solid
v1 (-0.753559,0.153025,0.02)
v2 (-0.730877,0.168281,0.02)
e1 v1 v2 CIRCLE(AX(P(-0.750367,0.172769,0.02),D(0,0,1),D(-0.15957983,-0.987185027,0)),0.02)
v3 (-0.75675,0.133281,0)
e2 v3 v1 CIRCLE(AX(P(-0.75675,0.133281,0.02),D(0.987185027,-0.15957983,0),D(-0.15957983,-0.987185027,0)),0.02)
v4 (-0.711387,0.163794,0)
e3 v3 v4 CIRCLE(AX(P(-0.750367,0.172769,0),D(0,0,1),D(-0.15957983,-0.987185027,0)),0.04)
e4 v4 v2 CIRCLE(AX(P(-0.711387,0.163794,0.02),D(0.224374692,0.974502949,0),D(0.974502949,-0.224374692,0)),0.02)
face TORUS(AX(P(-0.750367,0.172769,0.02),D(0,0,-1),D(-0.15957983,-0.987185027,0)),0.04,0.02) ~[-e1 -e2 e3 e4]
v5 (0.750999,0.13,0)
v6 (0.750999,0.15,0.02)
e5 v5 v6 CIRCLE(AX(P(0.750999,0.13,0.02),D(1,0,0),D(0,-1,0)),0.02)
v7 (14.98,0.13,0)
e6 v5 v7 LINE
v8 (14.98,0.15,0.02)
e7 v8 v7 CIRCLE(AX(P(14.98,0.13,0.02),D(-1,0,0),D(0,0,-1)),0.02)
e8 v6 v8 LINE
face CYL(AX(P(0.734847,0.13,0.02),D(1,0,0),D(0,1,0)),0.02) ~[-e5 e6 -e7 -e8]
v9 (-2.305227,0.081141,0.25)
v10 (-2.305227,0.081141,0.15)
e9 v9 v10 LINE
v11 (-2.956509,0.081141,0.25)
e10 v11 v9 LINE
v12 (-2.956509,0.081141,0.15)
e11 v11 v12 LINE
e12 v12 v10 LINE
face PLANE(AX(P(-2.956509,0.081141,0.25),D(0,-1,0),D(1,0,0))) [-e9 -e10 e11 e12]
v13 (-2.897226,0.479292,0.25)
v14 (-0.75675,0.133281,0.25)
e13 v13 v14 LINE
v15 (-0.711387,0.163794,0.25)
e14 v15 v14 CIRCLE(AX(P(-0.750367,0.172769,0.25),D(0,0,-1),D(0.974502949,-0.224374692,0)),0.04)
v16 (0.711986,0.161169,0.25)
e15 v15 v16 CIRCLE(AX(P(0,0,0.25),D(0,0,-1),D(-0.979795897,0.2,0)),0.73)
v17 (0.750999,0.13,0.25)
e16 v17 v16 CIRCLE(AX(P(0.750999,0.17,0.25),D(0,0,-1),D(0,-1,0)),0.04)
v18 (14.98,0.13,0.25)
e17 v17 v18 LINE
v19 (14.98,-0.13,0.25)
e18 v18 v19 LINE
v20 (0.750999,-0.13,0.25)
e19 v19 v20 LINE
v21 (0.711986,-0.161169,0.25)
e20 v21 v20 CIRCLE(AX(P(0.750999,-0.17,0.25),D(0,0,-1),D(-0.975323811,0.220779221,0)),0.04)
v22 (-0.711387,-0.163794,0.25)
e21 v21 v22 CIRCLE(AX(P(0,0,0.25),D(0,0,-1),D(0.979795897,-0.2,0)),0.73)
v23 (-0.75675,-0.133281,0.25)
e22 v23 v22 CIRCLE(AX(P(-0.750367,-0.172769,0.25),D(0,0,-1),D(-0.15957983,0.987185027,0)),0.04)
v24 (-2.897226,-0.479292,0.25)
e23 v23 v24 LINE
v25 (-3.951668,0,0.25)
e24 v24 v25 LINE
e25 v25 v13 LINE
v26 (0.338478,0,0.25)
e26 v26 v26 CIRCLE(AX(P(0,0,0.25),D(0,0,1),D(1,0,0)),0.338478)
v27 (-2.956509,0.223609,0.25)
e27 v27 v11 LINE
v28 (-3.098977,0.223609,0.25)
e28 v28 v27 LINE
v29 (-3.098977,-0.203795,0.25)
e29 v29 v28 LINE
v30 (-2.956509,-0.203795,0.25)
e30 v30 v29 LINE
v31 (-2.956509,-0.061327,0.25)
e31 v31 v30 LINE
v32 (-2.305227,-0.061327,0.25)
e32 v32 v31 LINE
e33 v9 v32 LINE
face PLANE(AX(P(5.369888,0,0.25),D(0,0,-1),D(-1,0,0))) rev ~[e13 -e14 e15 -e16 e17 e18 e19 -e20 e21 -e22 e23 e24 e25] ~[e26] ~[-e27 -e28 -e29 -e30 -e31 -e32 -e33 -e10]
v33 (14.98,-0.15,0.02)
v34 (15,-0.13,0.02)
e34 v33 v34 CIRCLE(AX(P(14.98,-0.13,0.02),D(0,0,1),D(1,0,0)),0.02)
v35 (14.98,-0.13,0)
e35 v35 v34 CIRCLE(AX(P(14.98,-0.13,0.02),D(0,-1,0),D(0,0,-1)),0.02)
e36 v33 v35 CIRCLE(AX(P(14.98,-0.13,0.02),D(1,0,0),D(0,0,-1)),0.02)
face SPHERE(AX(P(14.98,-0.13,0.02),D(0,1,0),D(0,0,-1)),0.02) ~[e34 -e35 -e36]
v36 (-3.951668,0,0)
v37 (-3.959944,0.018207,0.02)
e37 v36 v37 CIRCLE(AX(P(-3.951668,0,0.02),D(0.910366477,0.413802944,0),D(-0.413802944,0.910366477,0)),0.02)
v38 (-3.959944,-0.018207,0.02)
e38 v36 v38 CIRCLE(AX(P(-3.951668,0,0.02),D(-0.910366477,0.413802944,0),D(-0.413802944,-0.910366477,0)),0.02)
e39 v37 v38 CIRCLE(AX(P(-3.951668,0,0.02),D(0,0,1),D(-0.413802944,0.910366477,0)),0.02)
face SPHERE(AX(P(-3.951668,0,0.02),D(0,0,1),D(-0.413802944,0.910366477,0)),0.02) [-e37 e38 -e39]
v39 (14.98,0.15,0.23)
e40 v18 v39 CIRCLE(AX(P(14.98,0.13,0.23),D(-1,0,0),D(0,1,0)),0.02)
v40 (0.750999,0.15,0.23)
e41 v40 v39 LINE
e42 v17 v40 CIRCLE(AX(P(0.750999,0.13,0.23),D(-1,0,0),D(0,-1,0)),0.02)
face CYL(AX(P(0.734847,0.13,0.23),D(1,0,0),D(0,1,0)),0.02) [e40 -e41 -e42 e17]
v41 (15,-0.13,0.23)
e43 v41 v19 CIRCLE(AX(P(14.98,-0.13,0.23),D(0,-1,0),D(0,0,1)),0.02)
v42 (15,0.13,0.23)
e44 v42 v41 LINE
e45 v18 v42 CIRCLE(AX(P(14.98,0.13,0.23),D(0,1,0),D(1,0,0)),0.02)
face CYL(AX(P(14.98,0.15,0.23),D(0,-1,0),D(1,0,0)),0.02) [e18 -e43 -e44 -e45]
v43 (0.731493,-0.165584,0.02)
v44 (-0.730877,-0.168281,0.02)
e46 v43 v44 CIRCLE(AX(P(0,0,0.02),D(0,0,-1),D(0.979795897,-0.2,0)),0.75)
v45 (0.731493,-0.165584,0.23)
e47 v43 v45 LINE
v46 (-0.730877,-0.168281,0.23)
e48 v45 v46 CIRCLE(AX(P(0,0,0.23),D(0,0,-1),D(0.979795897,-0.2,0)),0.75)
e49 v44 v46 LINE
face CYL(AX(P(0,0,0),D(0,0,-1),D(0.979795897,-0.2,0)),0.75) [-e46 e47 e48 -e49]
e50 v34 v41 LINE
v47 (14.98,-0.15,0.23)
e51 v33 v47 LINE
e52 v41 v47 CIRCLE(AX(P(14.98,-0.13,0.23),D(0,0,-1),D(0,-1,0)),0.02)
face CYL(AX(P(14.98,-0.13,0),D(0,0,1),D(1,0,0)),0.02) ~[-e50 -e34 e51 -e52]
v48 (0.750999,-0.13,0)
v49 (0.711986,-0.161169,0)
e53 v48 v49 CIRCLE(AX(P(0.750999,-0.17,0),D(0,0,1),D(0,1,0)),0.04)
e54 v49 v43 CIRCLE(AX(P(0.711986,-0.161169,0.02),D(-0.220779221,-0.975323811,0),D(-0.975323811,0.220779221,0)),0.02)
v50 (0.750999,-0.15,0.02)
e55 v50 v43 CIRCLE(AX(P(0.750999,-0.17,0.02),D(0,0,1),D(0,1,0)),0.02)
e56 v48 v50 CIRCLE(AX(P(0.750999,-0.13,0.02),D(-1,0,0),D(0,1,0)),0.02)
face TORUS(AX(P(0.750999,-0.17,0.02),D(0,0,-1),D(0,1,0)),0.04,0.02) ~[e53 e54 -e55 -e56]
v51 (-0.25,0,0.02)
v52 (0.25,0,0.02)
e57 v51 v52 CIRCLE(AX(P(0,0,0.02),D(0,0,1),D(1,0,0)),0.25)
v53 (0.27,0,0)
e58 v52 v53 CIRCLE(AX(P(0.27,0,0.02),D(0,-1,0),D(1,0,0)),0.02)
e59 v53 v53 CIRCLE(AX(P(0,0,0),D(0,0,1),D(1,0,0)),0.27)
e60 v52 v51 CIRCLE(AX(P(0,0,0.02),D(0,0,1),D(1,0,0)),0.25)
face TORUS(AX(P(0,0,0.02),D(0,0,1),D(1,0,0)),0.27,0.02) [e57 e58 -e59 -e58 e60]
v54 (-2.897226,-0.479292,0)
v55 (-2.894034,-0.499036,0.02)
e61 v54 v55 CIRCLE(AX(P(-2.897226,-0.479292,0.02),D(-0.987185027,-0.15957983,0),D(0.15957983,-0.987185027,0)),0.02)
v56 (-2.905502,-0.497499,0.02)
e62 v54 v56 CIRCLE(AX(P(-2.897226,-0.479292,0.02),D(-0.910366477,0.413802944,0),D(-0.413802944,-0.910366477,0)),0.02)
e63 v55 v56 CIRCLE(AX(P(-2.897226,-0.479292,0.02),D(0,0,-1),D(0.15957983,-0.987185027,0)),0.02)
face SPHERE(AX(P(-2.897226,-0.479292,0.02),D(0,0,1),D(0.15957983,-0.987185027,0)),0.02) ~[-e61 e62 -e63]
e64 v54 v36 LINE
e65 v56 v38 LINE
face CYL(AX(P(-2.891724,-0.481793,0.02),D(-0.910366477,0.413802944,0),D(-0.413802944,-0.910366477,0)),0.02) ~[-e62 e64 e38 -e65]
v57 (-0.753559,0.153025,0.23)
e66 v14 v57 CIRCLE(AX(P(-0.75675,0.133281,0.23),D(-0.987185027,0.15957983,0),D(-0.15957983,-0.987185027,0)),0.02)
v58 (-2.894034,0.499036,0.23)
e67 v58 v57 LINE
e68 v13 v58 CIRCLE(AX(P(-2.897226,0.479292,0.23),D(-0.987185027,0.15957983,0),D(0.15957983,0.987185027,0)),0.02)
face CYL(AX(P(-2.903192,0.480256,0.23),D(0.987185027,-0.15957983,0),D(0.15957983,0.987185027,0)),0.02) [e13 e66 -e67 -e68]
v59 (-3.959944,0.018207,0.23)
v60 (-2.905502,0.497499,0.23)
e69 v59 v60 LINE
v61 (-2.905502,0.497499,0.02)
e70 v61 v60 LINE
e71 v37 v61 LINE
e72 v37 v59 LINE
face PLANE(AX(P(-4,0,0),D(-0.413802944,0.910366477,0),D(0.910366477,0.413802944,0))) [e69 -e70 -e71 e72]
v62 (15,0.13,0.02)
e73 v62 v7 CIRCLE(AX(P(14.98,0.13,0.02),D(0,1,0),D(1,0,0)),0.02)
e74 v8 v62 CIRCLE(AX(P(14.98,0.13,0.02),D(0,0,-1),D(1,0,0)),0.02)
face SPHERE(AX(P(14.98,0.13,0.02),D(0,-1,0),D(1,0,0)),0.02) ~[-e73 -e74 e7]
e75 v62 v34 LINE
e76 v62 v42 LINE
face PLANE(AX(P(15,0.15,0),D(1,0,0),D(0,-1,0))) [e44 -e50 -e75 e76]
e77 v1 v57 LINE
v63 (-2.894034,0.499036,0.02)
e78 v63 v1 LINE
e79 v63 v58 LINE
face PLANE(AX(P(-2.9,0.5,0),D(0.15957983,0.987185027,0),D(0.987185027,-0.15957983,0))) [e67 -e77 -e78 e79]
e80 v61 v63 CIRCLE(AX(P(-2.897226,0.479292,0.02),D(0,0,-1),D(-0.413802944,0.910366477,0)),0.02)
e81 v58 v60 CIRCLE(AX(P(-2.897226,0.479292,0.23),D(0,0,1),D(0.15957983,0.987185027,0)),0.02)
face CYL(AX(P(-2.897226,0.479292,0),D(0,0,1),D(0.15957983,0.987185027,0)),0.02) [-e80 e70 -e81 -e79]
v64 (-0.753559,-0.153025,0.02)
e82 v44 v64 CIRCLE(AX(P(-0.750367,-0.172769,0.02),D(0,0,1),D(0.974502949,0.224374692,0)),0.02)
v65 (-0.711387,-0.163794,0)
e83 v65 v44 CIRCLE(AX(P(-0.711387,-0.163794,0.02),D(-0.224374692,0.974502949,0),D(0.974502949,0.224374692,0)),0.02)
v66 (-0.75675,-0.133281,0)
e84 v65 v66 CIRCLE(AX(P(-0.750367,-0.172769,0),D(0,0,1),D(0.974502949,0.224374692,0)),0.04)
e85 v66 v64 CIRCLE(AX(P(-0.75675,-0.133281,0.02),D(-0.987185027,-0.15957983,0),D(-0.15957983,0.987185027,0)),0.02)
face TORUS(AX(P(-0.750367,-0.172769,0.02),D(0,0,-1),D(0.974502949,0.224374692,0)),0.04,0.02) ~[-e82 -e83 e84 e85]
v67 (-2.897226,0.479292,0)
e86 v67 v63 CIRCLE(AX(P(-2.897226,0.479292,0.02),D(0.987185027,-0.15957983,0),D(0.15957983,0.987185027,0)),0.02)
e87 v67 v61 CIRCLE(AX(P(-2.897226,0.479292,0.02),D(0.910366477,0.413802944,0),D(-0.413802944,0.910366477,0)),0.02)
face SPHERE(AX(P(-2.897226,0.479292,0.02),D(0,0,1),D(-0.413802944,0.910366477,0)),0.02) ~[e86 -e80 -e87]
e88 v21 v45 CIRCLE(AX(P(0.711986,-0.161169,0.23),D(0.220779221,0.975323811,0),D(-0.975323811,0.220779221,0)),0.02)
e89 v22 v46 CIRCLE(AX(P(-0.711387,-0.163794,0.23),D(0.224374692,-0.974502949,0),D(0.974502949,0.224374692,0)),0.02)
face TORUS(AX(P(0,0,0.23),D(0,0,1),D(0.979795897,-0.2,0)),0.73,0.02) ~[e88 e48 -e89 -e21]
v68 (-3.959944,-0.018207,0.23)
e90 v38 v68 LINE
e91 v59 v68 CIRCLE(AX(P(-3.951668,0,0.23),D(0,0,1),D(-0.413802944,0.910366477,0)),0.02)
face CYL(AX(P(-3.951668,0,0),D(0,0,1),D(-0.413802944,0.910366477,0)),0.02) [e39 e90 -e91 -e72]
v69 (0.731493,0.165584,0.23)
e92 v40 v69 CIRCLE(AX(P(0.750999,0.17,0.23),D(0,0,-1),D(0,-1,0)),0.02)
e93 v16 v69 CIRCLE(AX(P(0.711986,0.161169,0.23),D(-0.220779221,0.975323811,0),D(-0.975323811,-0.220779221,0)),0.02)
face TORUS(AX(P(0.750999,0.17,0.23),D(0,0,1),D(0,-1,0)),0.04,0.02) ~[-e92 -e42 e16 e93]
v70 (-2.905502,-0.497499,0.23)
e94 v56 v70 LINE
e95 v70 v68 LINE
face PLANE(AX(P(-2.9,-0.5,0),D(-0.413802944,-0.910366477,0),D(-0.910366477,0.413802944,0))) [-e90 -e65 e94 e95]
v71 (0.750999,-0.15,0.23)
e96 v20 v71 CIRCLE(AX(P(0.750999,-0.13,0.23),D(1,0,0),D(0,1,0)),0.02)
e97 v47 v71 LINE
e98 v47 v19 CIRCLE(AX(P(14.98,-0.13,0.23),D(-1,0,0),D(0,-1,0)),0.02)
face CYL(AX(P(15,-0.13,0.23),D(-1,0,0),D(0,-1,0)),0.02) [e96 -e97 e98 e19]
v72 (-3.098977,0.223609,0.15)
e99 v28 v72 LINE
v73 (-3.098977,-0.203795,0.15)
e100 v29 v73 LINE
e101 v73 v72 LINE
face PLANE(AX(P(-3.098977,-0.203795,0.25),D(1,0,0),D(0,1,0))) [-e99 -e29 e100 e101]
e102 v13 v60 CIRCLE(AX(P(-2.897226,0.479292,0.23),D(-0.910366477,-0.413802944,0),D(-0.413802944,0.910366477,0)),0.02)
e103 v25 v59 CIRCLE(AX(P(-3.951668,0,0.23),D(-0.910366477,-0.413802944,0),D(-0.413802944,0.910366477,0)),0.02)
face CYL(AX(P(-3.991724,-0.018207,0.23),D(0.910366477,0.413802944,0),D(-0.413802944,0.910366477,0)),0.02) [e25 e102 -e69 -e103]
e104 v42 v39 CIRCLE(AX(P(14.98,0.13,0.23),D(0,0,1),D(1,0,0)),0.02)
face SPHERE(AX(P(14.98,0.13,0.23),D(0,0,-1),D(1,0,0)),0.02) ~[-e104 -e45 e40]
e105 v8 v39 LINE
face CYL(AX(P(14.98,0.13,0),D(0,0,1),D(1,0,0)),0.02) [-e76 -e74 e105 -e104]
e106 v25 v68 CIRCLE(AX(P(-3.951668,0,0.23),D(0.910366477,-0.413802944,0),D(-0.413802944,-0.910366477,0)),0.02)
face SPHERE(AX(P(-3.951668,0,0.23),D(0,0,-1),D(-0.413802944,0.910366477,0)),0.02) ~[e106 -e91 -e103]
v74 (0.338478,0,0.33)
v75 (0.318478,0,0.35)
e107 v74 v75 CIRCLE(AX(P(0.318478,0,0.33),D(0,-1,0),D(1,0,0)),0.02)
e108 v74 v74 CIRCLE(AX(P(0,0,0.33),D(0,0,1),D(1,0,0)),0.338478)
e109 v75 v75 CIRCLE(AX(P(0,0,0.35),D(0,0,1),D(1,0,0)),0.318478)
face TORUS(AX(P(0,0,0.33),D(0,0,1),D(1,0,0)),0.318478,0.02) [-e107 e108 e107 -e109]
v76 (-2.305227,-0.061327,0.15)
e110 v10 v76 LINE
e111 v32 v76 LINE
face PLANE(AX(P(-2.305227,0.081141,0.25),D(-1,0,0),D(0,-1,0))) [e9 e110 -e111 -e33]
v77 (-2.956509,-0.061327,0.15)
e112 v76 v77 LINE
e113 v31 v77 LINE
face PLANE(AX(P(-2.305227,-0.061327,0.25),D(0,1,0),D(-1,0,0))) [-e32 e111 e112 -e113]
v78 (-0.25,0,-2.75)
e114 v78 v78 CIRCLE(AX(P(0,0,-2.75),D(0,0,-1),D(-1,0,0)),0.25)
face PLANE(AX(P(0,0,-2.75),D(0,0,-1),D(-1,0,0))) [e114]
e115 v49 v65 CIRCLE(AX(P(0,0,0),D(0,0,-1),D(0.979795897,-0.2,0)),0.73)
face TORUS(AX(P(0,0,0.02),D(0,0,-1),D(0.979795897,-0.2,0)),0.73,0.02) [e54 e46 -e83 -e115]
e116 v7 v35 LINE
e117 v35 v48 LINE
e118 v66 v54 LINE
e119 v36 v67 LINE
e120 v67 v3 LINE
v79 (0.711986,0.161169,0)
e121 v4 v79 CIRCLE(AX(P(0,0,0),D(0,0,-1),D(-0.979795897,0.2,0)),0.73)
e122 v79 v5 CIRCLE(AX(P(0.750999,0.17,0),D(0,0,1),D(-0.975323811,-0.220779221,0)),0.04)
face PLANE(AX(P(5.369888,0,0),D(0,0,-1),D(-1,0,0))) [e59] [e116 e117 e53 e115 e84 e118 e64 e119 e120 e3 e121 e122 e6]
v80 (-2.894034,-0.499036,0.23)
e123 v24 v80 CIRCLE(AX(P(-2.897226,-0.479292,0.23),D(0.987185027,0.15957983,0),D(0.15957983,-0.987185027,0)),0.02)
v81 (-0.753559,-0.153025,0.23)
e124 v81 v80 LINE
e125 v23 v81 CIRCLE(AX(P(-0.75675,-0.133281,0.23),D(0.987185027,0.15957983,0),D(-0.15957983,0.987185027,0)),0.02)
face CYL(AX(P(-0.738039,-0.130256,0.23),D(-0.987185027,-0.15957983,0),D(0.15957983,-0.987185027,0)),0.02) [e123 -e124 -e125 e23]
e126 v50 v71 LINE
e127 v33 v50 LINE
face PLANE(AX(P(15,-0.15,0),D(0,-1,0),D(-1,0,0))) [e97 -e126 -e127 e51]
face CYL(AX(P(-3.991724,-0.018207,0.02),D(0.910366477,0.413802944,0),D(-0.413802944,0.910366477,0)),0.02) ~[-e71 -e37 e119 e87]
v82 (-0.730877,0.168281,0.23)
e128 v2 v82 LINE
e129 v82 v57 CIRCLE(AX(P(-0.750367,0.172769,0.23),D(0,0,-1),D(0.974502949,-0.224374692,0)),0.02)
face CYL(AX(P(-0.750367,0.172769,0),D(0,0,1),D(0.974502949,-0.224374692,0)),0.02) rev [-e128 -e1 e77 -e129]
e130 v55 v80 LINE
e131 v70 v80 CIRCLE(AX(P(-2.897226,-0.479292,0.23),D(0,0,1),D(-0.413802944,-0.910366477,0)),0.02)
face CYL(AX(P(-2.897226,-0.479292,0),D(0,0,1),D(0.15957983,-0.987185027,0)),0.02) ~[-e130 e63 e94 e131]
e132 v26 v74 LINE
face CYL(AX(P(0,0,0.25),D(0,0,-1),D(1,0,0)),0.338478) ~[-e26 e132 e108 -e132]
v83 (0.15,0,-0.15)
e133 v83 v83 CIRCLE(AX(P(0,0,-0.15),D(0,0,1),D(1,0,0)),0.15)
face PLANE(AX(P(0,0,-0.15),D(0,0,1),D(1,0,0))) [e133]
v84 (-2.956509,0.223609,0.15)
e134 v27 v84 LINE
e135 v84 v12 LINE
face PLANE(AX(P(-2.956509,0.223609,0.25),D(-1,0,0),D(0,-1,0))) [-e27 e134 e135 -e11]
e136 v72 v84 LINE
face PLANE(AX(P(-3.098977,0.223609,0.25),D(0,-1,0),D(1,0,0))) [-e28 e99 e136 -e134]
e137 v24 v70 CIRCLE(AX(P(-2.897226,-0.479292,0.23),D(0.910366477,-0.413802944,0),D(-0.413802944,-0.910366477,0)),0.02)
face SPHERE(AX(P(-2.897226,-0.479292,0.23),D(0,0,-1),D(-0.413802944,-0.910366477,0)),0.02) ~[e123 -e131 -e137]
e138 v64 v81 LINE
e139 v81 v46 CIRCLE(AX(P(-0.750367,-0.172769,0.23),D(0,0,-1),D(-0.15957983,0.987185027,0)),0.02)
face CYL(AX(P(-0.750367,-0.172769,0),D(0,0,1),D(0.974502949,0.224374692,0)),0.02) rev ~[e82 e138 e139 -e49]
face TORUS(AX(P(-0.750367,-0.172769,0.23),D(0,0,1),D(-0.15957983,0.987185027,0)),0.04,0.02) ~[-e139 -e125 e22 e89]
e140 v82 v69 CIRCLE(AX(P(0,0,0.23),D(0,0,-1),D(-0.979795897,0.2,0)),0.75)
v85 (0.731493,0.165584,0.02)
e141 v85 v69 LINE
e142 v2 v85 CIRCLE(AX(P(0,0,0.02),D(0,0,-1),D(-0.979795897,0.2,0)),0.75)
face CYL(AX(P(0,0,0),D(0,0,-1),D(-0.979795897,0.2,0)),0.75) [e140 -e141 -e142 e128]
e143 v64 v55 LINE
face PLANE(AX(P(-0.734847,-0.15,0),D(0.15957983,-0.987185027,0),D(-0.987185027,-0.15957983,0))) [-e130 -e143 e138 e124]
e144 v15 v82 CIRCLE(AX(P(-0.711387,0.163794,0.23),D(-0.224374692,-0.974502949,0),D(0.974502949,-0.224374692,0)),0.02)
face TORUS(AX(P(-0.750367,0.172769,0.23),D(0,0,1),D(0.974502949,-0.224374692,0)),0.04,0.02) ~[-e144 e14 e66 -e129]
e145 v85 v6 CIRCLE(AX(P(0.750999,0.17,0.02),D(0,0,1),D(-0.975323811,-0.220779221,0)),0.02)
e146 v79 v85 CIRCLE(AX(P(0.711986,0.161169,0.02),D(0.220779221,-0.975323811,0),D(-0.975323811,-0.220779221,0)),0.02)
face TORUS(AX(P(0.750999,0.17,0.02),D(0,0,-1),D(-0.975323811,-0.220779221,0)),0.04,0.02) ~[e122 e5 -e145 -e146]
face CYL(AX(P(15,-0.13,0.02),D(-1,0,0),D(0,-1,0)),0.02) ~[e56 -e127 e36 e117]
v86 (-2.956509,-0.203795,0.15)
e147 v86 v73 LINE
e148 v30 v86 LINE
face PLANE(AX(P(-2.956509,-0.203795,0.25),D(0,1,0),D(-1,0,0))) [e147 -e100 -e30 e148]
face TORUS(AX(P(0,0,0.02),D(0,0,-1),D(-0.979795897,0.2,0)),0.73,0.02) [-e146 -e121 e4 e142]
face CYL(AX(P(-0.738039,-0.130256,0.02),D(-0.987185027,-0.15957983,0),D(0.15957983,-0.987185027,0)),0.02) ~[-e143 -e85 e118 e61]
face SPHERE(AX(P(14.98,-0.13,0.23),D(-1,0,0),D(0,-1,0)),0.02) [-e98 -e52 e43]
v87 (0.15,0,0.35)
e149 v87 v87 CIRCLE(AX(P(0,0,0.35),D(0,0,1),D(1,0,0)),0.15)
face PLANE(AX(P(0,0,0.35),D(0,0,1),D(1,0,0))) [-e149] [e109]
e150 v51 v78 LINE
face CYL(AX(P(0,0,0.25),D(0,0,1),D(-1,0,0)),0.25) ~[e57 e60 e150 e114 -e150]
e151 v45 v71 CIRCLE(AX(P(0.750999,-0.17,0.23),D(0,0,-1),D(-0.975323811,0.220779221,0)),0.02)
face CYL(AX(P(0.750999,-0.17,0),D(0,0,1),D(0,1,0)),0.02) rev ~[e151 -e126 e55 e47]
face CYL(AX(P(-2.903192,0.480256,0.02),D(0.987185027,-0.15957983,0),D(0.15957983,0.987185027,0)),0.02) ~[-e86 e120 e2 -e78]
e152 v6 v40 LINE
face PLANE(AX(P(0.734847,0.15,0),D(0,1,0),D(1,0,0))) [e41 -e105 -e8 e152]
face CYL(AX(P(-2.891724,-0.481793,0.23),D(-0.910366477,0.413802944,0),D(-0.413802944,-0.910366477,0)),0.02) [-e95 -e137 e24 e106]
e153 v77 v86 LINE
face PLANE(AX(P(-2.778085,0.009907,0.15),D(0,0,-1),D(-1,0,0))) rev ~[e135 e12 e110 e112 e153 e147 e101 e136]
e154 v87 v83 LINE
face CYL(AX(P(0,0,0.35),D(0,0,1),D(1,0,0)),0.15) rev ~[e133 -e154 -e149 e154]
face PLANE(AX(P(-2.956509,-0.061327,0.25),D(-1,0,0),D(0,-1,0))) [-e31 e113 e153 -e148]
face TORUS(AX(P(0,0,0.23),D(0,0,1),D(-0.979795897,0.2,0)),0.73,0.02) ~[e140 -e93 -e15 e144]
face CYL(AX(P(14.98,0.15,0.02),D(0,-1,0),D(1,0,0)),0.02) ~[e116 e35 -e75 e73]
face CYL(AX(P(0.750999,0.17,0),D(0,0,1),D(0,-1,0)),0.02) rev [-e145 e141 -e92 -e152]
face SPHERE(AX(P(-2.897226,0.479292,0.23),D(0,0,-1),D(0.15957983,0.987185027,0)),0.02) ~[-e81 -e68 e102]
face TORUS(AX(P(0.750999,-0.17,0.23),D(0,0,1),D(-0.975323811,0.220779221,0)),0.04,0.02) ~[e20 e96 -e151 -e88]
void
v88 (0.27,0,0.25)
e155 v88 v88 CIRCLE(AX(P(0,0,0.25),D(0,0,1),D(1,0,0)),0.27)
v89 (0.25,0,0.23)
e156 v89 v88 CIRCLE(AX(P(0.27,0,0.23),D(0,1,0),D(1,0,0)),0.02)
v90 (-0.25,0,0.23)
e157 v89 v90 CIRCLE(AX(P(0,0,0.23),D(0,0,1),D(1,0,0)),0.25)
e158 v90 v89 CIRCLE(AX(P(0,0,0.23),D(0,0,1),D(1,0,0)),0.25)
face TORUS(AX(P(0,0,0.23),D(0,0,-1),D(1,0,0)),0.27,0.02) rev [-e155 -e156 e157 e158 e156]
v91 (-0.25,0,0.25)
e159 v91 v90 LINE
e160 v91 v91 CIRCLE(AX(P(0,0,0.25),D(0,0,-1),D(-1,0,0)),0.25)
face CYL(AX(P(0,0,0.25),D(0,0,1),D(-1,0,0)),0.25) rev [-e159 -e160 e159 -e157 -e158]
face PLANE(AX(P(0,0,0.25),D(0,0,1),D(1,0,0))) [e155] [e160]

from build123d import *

# Parameters (mm, degrees)
SKETCH1_R           = 0.25
BOSS_EXTRUDE1_DEPTH = 0.25
FILLET1_R           = 0.02
CUT_EXTRUDE1_DEPTH  = 0.1
SKETCH3_R           = 0.338477621
BOSS_EXTRUDE2_DEPTH = 0.1
SKETCH4_R           = 0.25
BOSS_EXTRUDE3_DEPTH = 3
FILLET2_R           = 0.02
SKETCH5_R           = 0.15
CUT_EXTRUDE2_DEPTH  = 0.5


with BuildPart() as part:
    # Sketch1 → Boss-Extrude1 (new body)
    with BuildSketch(Plane.XY):
        with BuildLine():
            Line((15, 0.15), (15, -0.15))
            Line((15, -0.15), (0.734846923, -0.15))
            ThreePointArc((0.734846923, -0.15), (0, -0.75), (-0.734846923, -0.15))
            Line((-0.734846923, -0.15), (-2.9, -0.5))
            Line((-2.9, -0.5), (-4, 0))
            Line((-4, 0), (-2.9, 0.5))
            Line((-2.9, 0.5), (-0.734846923, 0.15))
            ThreePointArc((-0.734846923, 0.15), (0, 0.75), (0.734846923, 0.15))
            Line((0.734846923, 0.15), (15, 0.15))
        make_face()
        Circle(SKETCH1_R, mode=Mode.SUBTRACT)
    extrude(amount=BOSS_EXTRUDE1_DEPTH)

    # Fillet1
    fillet1_edges = [part.edges().sort_by_distance(p)[0] for p in [
        (0, -0.75, 0.25),
        (15, 0, 0),
        (7.867423461, -0.15, 0),
        (0, -0.75, 0),
        (-1.817423461, -0.325, 0),
        (-3.45, -0.25, 0),
        (7.867423461, -0.15, 0.25),
        (-4, 0, 0.125),
        (-2.9, 0.5, 0.125),
        (-0.734846923, 0.15, 0.125),
        (0.734846923, 0.15, 0.125),
        (15, 0.15, 0.125),
        (15, -0.15, 0.125),
        (0.734846923, -0.15, 0.125),
        (-0.734846923, -0.15, 0.125),
        (-2.9, -0.5, 0.125),
        (15, 0, 0.25),
        (7.867423461, 0.15, 0.25),
        (0, 0.75, 0.25),
        (-0.25, 0, 0),
        (-0.25, 0, 0.25),
        (-1.817423461, 0.325, 0.25),
        (-3.45, 0.25, 0.25),
        (-3.45, -0.25, 0.25),
        (-1.817423461, -0.325, 0.25),
        (-3.45, 0.25, 0),
        (-1.817423461, 0.325, 0),
        (0, 0.75, 0),
        (7.867423461, 0.15, 0),
    ]]
    fillet(fillet1_edges, radius=FILLET1_R)

    # Sketch2 → Cut-Extrude1 (cut)
    with BuildSketch(Plane.XY.offset(0.25)):
        Polygon((-3.098977029, -0.203794583), (-3.098977029, 0.223609263), (-2.95650908, 0.223609263), (-2.95650908, 0.081141314), (-2.305227029, 0.081141314), (-2.305227029, -0.061326635), (-2.95650908, -0.061326635), (-2.95650908, -0.203794583), align=None)
    extrude(amount=-CUT_EXTRUDE1_DEPTH, mode=Mode.SUBTRACT)

    # Sketch3 → Boss-Extrude2 (add)
    with BuildSketch(Plane.XY.offset(0.25)):
        Circle(SKETCH3_R)
    extrude(amount=BOSS_EXTRUDE2_DEPTH)

    # Sketch4 → Boss-Extrude3 (add)
    with BuildSketch(Plane(origin=(0, 0, 0.25), x_dir=(-1, 0, 0), z_dir=(0, 0, -1))):
        Circle(SKETCH4_R)
    extrude(amount=BOSS_EXTRUDE3_DEPTH)

    # Fillet2
    fillet2_edges = [part.edges().sort_by_distance(p)[0] for p in [
        (-0.338477621, 0, 0.35),
    ]]
    fillet(fillet2_edges, radius=FILLET2_R)

    # Sketch5 → Cut-Extrude2 (cut)
    with BuildSketch(Plane.XY.offset(0.35)):
        Circle(SKETCH5_R)
    extrude(amount=-CUT_EXTRUDE2_DEPTH, mode=Mode.SUBTRACT)


solid = part.part
